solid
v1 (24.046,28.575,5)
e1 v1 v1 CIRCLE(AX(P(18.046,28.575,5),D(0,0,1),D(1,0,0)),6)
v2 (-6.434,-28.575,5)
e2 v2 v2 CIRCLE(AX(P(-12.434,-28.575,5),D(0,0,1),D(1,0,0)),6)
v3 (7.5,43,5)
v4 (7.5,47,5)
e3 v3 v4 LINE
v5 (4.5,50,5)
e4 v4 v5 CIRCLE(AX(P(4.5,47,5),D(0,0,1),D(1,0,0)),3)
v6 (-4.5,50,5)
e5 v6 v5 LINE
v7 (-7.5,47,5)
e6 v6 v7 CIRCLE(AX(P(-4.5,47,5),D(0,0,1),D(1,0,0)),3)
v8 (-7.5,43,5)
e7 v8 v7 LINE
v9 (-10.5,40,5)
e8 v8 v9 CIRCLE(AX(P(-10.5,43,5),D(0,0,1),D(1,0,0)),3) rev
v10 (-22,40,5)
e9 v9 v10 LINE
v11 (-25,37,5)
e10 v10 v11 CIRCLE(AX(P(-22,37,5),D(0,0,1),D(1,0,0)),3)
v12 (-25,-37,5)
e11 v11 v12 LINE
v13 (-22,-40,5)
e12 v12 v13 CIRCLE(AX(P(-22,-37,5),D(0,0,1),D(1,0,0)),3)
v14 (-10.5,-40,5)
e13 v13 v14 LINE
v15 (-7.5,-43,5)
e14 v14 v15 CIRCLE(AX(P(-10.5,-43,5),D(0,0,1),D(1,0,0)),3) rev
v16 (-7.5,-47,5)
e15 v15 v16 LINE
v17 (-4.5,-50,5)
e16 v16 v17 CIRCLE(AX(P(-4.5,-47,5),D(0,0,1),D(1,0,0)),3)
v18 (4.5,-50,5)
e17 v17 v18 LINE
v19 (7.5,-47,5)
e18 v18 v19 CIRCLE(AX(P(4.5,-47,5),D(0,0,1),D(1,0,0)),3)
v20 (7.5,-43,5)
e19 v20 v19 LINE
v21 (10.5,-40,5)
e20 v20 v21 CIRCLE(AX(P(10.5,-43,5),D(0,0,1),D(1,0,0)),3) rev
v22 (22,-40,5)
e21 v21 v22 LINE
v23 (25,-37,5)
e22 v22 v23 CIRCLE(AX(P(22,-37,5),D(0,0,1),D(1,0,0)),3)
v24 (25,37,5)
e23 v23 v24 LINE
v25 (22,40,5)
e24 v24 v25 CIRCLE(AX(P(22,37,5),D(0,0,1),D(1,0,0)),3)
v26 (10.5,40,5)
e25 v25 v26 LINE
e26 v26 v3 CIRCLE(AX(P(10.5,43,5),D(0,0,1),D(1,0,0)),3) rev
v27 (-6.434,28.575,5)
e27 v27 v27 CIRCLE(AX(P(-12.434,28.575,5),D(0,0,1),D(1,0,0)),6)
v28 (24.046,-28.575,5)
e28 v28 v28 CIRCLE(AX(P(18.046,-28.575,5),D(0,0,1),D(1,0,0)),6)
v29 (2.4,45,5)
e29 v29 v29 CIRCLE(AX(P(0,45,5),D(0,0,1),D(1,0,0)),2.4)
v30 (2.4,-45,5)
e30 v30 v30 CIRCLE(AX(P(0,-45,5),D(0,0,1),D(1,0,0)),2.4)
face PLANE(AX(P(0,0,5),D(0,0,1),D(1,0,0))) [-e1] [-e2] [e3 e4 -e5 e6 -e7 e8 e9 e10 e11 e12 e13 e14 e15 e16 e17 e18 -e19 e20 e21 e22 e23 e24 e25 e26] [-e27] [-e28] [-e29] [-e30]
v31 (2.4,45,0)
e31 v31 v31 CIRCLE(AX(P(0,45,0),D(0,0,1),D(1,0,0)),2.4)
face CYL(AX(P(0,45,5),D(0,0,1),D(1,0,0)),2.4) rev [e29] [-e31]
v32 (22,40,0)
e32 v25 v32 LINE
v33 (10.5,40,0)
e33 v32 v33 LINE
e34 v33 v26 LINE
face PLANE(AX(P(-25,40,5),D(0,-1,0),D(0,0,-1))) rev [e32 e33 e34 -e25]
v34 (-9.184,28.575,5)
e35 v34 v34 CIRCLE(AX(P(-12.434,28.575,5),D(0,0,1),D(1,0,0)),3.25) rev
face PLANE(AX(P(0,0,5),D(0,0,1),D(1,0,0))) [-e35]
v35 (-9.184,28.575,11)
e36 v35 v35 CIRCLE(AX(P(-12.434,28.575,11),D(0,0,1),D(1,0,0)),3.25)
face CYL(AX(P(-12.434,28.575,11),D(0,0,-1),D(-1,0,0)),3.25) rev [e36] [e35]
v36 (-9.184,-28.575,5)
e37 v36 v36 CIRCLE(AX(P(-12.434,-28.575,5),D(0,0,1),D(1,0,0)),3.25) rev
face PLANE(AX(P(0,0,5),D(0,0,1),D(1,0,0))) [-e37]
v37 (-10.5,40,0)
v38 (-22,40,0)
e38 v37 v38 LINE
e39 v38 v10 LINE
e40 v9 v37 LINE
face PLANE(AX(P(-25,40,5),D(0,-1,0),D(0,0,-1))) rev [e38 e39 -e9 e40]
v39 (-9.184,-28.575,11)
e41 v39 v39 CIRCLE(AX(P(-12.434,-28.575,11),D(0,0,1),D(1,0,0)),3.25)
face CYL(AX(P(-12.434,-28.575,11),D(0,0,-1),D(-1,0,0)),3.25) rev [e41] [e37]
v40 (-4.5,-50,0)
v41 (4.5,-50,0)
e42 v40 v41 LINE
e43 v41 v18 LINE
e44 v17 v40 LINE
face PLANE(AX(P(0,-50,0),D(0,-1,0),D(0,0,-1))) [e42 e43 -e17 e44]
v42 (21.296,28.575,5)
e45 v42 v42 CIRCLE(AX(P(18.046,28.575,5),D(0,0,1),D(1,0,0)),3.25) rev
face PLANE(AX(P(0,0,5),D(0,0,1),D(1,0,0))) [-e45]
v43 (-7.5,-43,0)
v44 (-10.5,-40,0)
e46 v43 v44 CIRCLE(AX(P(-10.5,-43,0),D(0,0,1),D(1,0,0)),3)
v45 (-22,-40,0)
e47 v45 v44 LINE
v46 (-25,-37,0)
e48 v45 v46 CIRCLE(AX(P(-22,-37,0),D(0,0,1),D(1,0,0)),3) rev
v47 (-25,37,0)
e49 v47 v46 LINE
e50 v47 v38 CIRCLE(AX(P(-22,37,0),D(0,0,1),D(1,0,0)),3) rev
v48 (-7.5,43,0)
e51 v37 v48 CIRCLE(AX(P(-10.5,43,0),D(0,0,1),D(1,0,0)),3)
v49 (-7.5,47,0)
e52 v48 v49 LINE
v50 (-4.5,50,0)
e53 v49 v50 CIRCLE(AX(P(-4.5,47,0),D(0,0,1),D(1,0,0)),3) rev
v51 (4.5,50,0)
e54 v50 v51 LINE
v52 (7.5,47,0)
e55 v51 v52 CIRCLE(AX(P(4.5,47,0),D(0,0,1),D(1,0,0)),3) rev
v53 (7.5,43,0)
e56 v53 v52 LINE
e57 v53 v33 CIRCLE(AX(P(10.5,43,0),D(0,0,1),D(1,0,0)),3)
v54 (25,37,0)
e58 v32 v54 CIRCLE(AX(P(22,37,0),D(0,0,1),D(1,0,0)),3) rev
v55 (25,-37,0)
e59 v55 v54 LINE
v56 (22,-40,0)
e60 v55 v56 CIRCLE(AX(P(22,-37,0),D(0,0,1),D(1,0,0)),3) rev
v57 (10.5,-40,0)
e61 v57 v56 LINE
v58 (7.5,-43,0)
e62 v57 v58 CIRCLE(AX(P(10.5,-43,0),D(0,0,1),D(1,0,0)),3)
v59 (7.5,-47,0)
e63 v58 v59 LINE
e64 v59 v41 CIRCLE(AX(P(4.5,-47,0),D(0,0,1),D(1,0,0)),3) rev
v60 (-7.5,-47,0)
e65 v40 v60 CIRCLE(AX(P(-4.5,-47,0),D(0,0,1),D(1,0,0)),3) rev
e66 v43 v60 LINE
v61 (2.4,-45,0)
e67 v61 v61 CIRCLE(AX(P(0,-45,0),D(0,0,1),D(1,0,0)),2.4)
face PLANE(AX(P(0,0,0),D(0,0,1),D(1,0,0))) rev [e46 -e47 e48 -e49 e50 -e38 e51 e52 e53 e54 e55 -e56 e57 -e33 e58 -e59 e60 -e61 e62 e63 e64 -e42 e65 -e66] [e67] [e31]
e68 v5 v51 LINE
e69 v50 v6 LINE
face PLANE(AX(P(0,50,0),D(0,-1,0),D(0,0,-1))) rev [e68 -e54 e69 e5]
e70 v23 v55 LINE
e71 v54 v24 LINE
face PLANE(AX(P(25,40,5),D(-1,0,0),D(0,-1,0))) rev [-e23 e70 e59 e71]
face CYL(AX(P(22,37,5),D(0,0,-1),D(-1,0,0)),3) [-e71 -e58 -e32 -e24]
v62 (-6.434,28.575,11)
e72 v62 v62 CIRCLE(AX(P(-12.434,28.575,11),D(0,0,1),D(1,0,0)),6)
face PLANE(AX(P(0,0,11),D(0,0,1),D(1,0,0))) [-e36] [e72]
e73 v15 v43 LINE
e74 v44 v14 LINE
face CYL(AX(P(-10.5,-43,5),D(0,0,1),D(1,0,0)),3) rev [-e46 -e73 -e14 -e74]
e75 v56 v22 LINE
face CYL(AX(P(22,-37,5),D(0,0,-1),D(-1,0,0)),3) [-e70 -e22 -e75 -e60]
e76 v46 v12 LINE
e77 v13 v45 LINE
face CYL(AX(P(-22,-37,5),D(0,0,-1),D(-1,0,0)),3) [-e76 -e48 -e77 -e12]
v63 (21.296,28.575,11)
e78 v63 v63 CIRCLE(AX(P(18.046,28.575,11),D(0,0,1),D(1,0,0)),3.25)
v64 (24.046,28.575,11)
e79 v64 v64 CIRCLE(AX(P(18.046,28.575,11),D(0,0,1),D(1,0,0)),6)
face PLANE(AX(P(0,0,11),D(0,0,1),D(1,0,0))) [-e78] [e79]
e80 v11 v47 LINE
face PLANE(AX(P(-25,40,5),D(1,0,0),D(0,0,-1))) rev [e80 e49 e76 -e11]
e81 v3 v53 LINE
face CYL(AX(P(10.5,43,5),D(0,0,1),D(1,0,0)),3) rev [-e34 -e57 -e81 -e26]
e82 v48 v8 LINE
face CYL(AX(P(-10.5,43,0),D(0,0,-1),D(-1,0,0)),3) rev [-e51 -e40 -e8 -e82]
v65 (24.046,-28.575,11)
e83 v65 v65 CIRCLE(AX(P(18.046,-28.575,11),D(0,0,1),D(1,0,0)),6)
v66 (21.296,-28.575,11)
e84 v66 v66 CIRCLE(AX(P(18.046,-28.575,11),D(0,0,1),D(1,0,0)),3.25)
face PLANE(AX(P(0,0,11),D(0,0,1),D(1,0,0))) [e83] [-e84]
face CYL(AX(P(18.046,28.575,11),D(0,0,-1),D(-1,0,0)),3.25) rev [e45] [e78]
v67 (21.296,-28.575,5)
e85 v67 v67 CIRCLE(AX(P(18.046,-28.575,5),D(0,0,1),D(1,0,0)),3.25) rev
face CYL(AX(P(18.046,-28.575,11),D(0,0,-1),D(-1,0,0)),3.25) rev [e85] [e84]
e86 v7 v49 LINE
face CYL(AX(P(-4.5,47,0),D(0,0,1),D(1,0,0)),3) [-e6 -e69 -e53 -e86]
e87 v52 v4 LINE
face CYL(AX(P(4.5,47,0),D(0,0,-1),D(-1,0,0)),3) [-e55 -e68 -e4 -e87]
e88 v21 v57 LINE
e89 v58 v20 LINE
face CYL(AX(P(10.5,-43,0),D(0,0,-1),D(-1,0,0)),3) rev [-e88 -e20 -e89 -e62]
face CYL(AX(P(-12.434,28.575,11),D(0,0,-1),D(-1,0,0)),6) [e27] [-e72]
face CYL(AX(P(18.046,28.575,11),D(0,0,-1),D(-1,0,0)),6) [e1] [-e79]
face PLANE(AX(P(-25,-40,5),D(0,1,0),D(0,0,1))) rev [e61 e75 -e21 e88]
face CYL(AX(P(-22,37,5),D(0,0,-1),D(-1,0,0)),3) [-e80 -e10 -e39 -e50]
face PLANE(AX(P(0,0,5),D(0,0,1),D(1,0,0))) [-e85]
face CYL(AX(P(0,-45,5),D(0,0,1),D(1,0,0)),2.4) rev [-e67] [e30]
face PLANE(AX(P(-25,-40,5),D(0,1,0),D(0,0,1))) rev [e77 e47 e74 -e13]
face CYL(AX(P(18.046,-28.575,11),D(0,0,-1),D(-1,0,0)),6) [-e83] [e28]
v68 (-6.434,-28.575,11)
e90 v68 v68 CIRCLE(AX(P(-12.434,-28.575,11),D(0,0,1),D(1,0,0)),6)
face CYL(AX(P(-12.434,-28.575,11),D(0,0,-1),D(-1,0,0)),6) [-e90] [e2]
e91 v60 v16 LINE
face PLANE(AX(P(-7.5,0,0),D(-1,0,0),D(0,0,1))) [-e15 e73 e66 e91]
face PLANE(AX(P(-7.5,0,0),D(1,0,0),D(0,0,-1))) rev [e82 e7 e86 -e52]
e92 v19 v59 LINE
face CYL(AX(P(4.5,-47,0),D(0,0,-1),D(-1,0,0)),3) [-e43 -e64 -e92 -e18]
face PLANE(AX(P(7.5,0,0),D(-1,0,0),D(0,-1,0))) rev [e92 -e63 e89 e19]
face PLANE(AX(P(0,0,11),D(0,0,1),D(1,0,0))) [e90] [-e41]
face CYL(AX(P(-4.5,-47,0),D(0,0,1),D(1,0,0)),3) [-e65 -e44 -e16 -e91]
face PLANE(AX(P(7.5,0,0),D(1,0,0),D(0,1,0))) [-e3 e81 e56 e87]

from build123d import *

# Parameters (mm, degrees)
SKETCH3_W            = 50
SKETCH3_H            = 80
BOSS_EXTRUDE1_DEPTH  = 5
SKETCH5_R            = 6
SKETCH5_R_2          = 3.25
BOSS_EXTRUDE2_DEPTH  = 6
BOSS_EXTRUDE3_DEPTH  = 5
M4_CLEARANCE_HOLE1_D = 4.8
FILLET1_R            = 3


with BuildPart() as part:
    # Sketch3 → Boss-Extrude1 (new body)
    with BuildSketch(Plane.XY):
        Rectangle(SKETCH3_W, SKETCH3_H)
    extrude(amount=BOSS_EXTRUDE1_DEPTH)

    # Sketch5 → Boss-Extrude2 (add)
    # profile 1 of 4: a face of its own
    with BuildSketch(Plane.XY.offset(5)):
        with Locations((-12.434, -28.575)):
            Circle(SKETCH5_R)
        with Locations((-12.434, -28.575)):
            Circle(SKETCH5_R_2, mode=Mode.SUBTRACT)
    # profile 2 of 4: a face of its own
    with BuildSketch(Plane.XY.offset(5)):
        with Locations((18.046, -28.575)):
            Circle(SKETCH5_R)
        with Locations((18.046, -28.575)):
            Circle(SKETCH5_R_2, mode=Mode.SUBTRACT)
    # profile 3 of 4: a face of its own
    with BuildSketch(Plane.XY.offset(5)):
        with Locations((-12.434, 28.575)):
            Circle(SKETCH5_R)
        with Locations((-12.434, 28.575)):
            Circle(SKETCH5_R_2, mode=Mode.SUBTRACT)
    # profile 4 of 4: a face of its own
    with BuildSketch(Plane.XY.offset(5)):
        with Locations((18.046, 28.575)):
            Circle(SKETCH5_R)
        with Locations((18.046, 28.575)):
            Circle(SKETCH5_R_2, mode=Mode.SUBTRACT)
    extrude(amount=BOSS_EXTRUDE2_DEPTH)

    # Sketch8 → Boss-Extrude3 (add)
    with BuildSketch(Plane.XY.offset(5)):
        with BuildLine():
            Line((0, 43), (0, 40))
            Line((0, 40), (7.5, 40))
            Line((7.5, 40), (7.5, 50))
            Line((7.5, 50), (0, 50))
            Line((0, 50), (0, 47))
            ThreePointArc((0, 47), (1.414213562, 46.414213562), (2, 45))
            ThreePointArc((2, 45), (1.414213562, 43.585786438), (0, 43))
        make_face()
        with BuildLine():
            Line((-7.5, 50), (-7.5, 40))
            Line((-7.5, 40), (0, 40))
            Line((0, 40), (0, 43))
            ThreePointArc((0, 43), (-2, 45), (0, 47))
            Line((0, 47), (0, 50))
            Line((0, 50), (-7.5, 50))
        make_face()
        with BuildLine():
            ThreePointArc((0, 47), (-2, 45), (0, 43))
            Line((0, 43), (0, 47))
        make_face()
        with BuildLine():
            Line((0, 47), (0, 43))
            ThreePointArc((0, 43), (1.414213562, 43.585786438), (2, 45))
            ThreePointArc((2, 45), (1.414213562, 46.414213562), (0, 47))
        make_face()
    boss_extrude3 = extrude(amount=-BOSS_EXTRUDE3_DEPTH)

    # M4 Clearance Hole1 (through all)
    with Locations(Plane.XY.offset(5)):
        with Locations((0, 45)):
            m4_clearance_hole1 = Hole(M4_CLEARANCE_HOLE1_D / 2)

    # Mirror1: Boss-Extrude3, M4 Clearance Hole1 across plane
    add(boss_extrude3.mirror(Plane.ZX))
    add(m4_clearance_hole1.mirror(Plane.ZX), mode=Mode.SUBTRACT)

    # Fillet1
    fillet1_edges = [part.edges().sort_by_distance(p)[0] for p in [
        (-7.5, 40, 2.5),
        (-7.5, 50, 2.5),
        (7.5, 50, 2.5),
        (7.5, 40, 2.5),
        (-7.5, -50, 2.5),
        (-7.5, -40, 2.5),
        (7.5, -40, 2.5),
        (7.5, -50, 2.5),
        (25, -40, 2.5),
        (-25, -40, 2.5),
        (-25, 40, 2.5),
        (25, 40, 2.5),
    ]]
    fillet(fillet1_edges, radius=FILLET1_R)


solid = part.part
